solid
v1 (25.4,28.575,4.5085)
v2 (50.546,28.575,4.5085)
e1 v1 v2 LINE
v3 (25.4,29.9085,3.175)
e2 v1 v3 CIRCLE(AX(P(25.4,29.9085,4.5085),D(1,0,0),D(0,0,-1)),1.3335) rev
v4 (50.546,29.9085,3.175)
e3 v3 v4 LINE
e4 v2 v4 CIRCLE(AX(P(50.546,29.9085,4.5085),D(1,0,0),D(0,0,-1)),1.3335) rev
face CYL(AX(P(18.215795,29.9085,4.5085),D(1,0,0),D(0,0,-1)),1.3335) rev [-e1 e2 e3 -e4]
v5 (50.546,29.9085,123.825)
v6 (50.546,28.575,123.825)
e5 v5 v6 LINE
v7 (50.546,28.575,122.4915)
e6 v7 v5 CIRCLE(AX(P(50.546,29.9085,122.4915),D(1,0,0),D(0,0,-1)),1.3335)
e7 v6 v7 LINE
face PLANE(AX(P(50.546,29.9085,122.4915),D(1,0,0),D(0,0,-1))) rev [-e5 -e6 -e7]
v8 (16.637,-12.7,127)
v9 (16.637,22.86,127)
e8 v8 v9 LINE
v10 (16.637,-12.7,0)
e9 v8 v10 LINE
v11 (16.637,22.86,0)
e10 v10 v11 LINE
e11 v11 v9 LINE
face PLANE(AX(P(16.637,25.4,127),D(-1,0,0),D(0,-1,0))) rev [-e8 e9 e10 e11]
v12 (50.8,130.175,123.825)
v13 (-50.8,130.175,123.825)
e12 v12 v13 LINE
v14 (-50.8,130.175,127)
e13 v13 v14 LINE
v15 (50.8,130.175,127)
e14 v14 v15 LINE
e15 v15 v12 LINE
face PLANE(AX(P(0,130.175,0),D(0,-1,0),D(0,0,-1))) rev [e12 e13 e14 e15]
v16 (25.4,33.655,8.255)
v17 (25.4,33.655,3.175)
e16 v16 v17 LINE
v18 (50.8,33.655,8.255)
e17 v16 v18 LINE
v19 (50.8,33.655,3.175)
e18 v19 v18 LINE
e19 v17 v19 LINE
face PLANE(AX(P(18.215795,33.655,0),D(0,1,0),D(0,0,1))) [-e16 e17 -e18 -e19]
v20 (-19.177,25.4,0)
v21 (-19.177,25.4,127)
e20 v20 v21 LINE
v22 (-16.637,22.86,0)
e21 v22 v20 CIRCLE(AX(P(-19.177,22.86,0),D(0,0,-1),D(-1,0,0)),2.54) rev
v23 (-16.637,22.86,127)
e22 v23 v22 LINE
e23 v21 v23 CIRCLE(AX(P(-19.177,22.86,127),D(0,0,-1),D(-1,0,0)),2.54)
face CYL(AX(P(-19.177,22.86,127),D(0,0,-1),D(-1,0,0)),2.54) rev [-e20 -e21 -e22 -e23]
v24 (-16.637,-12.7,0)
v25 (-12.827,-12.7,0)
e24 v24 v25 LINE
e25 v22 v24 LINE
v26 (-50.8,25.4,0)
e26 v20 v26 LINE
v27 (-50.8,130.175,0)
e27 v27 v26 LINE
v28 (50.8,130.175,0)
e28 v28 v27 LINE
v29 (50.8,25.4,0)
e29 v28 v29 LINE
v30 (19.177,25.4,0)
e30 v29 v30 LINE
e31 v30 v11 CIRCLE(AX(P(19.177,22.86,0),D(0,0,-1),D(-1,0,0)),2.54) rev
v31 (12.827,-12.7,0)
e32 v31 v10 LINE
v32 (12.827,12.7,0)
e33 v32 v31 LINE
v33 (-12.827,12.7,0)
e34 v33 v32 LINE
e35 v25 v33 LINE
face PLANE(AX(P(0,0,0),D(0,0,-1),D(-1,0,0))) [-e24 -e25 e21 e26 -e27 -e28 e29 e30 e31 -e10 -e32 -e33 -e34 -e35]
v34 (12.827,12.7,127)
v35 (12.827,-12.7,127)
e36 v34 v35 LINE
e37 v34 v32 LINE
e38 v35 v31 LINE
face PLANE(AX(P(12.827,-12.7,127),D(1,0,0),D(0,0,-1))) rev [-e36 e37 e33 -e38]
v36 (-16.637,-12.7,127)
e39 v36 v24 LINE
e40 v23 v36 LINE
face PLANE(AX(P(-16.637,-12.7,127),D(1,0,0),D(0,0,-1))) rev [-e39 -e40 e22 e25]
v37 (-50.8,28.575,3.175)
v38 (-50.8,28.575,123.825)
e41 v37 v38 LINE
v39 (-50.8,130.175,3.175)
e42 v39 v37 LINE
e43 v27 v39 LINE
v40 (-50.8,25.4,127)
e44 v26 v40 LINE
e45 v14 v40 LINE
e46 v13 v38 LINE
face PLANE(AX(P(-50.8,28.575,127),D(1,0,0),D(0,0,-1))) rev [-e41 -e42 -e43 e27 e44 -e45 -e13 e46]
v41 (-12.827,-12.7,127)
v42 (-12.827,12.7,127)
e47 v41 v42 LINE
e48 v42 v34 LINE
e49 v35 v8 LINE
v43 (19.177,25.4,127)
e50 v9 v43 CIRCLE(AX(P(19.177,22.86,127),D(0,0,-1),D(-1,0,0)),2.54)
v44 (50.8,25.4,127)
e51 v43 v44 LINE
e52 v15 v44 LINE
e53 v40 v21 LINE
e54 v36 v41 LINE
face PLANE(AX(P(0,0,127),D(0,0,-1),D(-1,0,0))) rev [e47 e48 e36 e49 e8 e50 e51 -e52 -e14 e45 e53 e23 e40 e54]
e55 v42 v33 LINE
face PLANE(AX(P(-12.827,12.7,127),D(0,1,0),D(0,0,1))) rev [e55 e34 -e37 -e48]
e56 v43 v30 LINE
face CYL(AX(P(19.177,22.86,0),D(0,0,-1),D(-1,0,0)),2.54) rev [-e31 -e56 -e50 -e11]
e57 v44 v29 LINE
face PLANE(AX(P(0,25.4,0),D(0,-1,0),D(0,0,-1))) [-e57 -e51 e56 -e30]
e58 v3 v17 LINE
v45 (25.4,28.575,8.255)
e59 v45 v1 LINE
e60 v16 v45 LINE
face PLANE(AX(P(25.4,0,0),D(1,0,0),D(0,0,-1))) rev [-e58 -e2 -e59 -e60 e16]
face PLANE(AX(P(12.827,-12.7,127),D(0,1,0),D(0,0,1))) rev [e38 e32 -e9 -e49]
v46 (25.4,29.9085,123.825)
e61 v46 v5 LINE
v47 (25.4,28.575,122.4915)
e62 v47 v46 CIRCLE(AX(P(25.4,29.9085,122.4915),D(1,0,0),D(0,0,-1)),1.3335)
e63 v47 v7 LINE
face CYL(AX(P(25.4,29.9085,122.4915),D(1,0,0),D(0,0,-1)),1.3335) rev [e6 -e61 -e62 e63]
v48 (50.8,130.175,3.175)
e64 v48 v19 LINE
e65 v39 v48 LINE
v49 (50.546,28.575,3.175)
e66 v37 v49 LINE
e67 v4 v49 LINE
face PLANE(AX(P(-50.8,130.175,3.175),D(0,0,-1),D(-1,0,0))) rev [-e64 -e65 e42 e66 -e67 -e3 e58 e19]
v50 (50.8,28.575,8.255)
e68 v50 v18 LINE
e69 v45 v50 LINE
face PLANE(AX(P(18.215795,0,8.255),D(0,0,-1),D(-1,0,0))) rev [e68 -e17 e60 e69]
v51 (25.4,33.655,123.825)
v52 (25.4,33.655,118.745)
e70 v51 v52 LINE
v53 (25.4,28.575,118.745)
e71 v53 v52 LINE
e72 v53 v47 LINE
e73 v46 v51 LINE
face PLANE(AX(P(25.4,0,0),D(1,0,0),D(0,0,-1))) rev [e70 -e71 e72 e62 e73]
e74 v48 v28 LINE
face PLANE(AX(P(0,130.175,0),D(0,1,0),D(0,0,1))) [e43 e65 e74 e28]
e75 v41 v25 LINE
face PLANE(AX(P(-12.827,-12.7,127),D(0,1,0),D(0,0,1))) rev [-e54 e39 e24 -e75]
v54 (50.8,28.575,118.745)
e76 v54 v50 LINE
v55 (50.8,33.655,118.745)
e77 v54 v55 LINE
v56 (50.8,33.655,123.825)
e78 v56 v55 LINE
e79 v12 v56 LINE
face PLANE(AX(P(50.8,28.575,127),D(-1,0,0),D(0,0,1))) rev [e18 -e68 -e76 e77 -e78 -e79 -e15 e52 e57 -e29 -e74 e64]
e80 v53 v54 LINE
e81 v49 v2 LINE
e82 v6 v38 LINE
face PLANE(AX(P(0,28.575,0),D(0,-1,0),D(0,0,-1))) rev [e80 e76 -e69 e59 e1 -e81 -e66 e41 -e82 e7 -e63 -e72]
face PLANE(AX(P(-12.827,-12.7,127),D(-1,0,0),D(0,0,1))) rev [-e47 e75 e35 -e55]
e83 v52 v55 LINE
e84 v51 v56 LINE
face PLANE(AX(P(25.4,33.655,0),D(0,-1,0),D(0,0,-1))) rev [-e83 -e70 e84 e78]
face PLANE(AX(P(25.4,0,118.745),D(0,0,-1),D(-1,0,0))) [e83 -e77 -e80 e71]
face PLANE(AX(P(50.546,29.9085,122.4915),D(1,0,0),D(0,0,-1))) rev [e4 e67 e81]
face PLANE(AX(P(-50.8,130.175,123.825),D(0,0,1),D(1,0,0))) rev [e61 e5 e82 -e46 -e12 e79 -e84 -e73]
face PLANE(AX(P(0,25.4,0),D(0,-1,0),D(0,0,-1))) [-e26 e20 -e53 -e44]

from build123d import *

# Parameters (mm, degrees)
BOSS_EXTRUDE1_DEPTH = 127
SKETCH5_W           = 101.6
SKETCH5_H           = 127
BOSS_EXTRUDE3_DEPTH = 3.175
FILLET1_R           = 2.54
SKETCH6_W           = 101.6
SKETCH6_H           = 3.175
BOSS_EXTRUDE4_DEPTH = 101.6
BOSS_EXTRUDE6_DEPTH = 25.4
BOSS_EXTRUDE7_DEPTH = 0.254
BOSS_EXTRUDE8_DEPTH = 25.4
BOSS_EXTRUDE9_DEPTH = 0.254


with BuildPart() as part:
    # Sketch2 → Boss-Extrude1 (new body)
    with BuildSketch(Plane.XY):
        Polygon((-12.827, -12.7), (-16.637, -12.7), (-16.637, 25.4), (16.637, 25.4), (16.637, -12.7), (12.827, -12.7), (12.827, 12.7), (-12.827, 12.7), align=None)
    extrude(amount=BOSS_EXTRUDE1_DEPTH)

    # Sketch5 → Boss-Extrude3 (add)
    with BuildSketch(Plane(origin=(0, 25.4, 0), x_dir=(1, 0, 0), z_dir=(0, 1, 0))):
        with Locations((0, -63.5)):
            Rectangle(SKETCH5_W, SKETCH5_H)
    extrude(amount=BOSS_EXTRUDE3_DEPTH)

    # Fillet1
    fillet1_edges = [part.edges().sort_by_distance(p)[0] for p in [
        (-16.637, 25.4, 63.5),
        (16.637, 25.4, 63.5),
    ]]
    fillet(fillet1_edges, radius=FILLET1_R)

    # Sketch6 → Boss-Extrude4 (add)
    with BuildSketch(Plane(origin=(0, 28.575, 0), x_dir=(1, 0, 0), z_dir=(0, 1, 0))):
        with Locations((0, -125.4125)):
            Rectangle(SKETCH6_W, SKETCH6_H)
        with Locations((0, -1.5875)):
            Rectangle(SKETCH6_W, SKETCH6_H)
    extrude(amount=BOSS_EXTRUDE4_DEPTH)

    # Sketch9 → Boss-Extrude6 (add)
    with BuildSketch(Plane(origin=(50.8, 0, 0), x_dir=(0, 0, -1), z_dir=(1, 0, 0))):
        with BuildLine():
            Line((-123.825, 33.655), (-123.825, 29.9085))
            ThreePointArc((-123.825, 29.9085), (-121.548573107, 30.851426893), (-122.4915, 28.575))
            Line((-122.4915, 28.575), (-118.745, 28.575))
            Line((-118.745, 28.575), (-118.745, 33.655))
            Line((-118.745, 33.655), (-123.825, 33.655))
        make_face()
    extrude(amount=-BOSS_EXTRUDE6_DEPTH)

    # Sketch10 → Boss-Extrude7 (add)
    with BuildSketch(Plane(origin=(50.8, 0, 0), x_dir=(0, 0, -1), z_dir=(1, 0, 0))):
        with BuildLine():
            Line((-123.825, 29.9085), (-123.825, 28.575))
            Line((-123.825, 28.575), (-122.4915, 28.575))
            ThreePointArc((-122.4915, 28.575), (-121.548573107, 30.851426893), (-123.825, 29.9085))
        make_face()
    extrude(amount=-BOSS_EXTRUDE7_DEPTH)

    # Sketch17 → Boss-Extrude8 (add)
    with BuildSketch(Plane(origin=(50.8, 0, 0), x_dir=(0, 0, -1), z_dir=(1, 0, 0))):
        with BuildLine():
            Line((-8.255, 28.575), (-4.5085, 28.575))
            ThreePointArc((-4.5085, 28.575), (-5.451426893, 30.851426893), (-3.175, 29.9085))
            Line((-3.175, 29.9085), (-3.175, 33.655))
            Line((-3.175, 33.655), (-8.255, 33.655))
            Line((-8.255, 33.655), (-8.255, 28.575))
        make_face()
    extrude(amount=-BOSS_EXTRUDE8_DEPTH)

    # Sketch18 → Boss-Extrude9 (add)
    with BuildSketch(Plane(origin=(50.8, 0, 0), x_dir=(0, 0, -1), z_dir=(1, 0, 0))):
        with BuildLine():
            Line((-3.175, 29.9085), (-3.175, 28.575))
            Line((-3.175, 28.575), (-4.5085, 28.575))
            ThreePointArc((-4.5085, 28.575), (-5.451426893, 30.851426893), (-3.175, 29.9085))
        make_face()
    extrude(amount=-BOSS_EXTRUDE9_DEPTH)


solid = part.part
